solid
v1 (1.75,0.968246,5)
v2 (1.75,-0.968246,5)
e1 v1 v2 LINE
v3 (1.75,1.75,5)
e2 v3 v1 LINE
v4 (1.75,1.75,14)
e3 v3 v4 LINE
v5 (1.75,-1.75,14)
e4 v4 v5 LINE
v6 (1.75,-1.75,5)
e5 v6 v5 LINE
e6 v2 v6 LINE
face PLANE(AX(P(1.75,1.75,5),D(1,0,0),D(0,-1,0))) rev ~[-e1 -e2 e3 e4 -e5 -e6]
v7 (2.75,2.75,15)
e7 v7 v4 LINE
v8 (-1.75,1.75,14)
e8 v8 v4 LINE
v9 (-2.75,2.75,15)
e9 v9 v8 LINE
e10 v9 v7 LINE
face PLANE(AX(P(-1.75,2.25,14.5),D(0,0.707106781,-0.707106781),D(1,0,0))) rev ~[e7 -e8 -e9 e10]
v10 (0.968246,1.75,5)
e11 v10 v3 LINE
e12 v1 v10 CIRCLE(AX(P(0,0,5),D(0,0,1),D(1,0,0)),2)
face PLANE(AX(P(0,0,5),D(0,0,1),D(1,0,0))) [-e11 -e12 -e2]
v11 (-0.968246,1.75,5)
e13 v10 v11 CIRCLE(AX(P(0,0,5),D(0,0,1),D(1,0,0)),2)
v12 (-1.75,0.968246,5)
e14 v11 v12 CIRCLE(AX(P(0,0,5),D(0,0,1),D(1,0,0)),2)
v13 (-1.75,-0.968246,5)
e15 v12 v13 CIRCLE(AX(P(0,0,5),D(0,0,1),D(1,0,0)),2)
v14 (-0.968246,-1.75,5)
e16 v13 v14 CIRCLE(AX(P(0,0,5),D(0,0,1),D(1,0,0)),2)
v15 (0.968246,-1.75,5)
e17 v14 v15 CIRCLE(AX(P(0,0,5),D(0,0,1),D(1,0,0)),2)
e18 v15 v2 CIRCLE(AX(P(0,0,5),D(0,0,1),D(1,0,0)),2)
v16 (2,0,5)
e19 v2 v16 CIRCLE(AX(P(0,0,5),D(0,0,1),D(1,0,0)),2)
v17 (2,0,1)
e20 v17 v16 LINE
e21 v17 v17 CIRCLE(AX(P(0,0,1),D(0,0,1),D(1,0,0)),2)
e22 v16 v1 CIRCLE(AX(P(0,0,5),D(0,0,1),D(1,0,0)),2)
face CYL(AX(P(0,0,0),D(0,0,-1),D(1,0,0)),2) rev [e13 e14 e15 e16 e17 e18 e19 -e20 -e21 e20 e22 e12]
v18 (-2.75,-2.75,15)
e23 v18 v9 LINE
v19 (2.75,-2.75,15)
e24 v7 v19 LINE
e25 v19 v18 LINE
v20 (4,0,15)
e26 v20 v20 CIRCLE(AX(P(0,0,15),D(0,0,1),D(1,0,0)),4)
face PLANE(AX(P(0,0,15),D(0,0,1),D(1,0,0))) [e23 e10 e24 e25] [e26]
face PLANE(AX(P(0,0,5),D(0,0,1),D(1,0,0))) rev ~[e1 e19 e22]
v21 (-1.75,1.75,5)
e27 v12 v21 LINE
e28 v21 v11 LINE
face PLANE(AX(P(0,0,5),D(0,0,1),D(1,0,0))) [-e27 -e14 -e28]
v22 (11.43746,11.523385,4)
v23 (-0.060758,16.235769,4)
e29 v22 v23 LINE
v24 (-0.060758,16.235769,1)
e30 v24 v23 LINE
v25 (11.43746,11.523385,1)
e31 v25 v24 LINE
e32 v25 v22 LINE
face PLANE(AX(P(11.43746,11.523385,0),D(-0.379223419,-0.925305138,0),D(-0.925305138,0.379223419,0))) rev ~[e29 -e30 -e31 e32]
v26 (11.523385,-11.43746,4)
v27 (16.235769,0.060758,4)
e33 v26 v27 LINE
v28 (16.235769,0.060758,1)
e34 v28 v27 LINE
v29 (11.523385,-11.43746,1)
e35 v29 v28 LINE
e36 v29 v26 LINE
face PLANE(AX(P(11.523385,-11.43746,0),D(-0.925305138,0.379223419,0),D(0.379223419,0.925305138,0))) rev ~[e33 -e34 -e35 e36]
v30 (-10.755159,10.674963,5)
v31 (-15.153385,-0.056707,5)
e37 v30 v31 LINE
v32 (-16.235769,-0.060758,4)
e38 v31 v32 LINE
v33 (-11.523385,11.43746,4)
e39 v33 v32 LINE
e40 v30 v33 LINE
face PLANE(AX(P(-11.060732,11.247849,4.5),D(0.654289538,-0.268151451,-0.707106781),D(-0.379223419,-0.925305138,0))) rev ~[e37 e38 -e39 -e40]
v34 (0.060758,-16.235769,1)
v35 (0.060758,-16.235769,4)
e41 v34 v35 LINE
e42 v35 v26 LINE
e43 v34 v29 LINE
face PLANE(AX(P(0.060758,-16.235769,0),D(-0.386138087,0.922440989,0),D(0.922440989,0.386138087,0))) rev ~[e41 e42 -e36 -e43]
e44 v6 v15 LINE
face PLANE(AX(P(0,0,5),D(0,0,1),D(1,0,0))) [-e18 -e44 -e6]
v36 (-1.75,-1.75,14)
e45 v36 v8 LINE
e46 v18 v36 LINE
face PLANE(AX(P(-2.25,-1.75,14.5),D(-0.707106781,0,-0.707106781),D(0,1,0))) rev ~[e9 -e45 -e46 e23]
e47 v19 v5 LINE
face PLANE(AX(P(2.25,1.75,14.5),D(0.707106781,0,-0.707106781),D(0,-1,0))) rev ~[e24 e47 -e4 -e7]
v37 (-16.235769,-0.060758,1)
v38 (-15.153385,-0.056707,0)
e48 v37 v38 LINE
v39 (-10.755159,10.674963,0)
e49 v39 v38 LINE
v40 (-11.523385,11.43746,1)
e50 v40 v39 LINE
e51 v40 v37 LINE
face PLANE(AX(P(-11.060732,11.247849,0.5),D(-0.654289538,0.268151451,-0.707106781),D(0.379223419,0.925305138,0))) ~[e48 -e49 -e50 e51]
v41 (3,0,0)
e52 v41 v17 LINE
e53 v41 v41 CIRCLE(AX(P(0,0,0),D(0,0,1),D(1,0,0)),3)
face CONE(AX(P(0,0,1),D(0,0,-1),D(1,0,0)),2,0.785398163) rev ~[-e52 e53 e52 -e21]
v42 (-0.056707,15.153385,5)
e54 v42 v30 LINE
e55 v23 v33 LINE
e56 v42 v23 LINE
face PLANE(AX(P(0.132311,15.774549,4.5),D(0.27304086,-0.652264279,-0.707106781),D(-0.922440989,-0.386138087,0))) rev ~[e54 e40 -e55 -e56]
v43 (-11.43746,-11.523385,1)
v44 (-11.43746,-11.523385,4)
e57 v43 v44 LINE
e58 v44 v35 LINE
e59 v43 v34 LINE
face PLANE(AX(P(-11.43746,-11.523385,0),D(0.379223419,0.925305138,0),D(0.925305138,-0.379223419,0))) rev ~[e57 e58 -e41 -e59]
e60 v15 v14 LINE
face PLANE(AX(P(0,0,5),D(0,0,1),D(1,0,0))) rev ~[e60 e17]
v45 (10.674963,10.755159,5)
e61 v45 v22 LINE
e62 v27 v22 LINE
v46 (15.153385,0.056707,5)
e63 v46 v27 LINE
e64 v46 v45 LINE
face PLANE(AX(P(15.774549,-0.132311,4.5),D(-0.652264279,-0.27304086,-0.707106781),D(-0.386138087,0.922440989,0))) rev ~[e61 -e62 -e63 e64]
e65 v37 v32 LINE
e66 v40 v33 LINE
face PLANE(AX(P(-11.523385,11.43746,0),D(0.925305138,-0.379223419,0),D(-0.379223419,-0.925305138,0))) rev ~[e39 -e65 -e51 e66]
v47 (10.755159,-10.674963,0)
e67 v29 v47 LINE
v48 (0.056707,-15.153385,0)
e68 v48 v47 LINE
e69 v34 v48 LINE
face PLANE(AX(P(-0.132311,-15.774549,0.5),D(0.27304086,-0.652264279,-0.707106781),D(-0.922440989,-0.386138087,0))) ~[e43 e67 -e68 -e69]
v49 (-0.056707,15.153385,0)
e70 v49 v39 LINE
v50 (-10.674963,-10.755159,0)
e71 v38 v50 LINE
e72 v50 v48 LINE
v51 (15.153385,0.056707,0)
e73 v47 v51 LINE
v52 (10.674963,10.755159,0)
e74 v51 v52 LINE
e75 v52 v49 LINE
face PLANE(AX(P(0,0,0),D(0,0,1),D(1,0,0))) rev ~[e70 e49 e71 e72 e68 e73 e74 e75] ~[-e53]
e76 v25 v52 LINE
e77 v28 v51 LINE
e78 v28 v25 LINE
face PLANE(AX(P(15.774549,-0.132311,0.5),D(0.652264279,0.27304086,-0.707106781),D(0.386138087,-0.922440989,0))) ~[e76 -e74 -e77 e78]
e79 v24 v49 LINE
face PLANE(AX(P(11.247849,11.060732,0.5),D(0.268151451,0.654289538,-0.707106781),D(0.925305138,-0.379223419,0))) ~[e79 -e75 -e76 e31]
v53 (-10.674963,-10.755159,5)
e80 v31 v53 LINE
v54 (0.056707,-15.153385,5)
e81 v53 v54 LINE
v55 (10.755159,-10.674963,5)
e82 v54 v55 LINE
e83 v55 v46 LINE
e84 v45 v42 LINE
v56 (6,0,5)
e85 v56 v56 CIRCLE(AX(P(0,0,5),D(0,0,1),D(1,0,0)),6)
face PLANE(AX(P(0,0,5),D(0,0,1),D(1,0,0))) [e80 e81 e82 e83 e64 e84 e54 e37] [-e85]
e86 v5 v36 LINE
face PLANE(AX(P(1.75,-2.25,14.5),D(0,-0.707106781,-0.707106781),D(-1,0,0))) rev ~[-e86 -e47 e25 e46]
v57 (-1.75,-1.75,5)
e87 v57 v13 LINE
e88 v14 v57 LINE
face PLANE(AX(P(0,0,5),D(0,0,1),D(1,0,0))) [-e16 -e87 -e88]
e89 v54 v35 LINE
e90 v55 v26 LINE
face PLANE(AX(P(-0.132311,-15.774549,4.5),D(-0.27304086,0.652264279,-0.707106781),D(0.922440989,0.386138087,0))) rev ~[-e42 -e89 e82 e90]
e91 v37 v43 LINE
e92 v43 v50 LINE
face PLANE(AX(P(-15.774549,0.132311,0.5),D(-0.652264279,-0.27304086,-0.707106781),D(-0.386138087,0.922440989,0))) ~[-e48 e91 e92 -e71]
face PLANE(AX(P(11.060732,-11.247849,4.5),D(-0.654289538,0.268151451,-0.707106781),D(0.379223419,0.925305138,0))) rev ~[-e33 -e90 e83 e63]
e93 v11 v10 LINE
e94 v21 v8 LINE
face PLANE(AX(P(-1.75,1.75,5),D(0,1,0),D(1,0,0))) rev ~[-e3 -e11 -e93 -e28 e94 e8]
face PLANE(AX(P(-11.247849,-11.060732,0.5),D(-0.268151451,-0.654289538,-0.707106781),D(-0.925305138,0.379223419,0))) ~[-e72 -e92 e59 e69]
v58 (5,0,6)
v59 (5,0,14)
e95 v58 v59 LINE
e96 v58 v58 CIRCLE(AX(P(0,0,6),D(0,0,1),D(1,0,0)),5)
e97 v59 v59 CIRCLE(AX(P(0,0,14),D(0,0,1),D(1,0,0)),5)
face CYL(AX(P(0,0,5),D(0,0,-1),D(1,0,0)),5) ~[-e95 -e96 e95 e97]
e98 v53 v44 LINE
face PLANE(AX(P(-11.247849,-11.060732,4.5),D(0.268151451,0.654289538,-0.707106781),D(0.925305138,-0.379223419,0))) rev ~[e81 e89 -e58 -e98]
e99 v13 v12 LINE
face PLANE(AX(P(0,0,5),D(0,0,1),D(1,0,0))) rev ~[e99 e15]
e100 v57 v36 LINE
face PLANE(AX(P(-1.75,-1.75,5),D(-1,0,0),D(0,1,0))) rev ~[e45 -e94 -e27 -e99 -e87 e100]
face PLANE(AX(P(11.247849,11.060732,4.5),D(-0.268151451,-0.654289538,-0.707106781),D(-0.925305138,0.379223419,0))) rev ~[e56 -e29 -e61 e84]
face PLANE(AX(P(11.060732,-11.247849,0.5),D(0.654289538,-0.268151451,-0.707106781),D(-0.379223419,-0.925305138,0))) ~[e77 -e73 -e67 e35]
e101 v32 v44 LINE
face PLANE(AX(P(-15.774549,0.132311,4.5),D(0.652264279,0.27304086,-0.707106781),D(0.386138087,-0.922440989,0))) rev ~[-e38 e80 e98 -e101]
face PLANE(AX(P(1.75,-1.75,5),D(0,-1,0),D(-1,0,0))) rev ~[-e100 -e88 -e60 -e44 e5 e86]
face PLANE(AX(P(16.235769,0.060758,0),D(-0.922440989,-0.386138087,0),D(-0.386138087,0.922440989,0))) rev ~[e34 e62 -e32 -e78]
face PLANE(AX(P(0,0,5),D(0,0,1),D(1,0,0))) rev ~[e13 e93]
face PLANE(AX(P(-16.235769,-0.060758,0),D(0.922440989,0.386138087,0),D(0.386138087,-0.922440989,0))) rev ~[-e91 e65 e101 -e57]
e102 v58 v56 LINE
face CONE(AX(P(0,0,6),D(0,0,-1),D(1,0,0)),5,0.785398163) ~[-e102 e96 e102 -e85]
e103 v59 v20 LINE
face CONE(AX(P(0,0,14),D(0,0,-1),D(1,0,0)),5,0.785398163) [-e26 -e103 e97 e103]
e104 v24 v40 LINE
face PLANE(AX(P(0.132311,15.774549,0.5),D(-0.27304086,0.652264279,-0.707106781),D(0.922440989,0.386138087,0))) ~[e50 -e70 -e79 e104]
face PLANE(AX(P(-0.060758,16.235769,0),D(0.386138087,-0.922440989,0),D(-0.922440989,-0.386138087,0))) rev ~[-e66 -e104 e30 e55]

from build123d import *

# Parameters (mm, degrees)
F0_R     = 2
F1_DEPTH = 5
F2_R     = 5
F3_DEPTH = 10
F4_SIZE  = 1


with BuildPart() as f1:
    # F0 (on Top) → F1 (new body)
    with BuildSketch(Plane.XY):
        Polygon((16.2357693204, 0.0607577779), (11.4374603474, 11.523384821), (-0.0607577779, 16.2357693204), (-11.523384821, 11.4374603474), (-16.2357693204, -0.0607577779), (-11.4374603474, -11.523384821), (0.0607577779, -16.2357693204), (11.523384821, -11.4374603474), align=None)
        Circle(F0_R, mode=Mode.SUBTRACT)
    extrude(amount=F1_DEPTH)

    # F2 (on face) → F3 (join)
    with BuildSketch(Plane.XY.offset(5)):
        Circle(F2_R)
        with BuildLine():
            Line((0.9682458366, 1.75), (1.75, 1.75))
            Line((1.75, 1.75), (1.75, 0.9682458366))
            ThreePointArc((1.75, 0.9682458366), (1.9364916731, 0.5), (2, 0))
            ThreePointArc((2, 0), (1.9364916731, -0.5), (1.75, -0.9682458366))
            Line((1.75, -0.9682458366), (1.75, -1.75))
            Line((1.75, -1.75), (0.9682458366, -1.75))
            ThreePointArc((0.9682458366, -1.75), (0, -2), (-0.9682458366, -1.75))
            Line((-0.9682458366, -1.75), (-1.75, -1.75))
            Line((-1.75, -1.75), (-1.75, -0.9682458366))
            ThreePointArc((-1.75, -0.9682458366), (-2, 0), (-1.75, 0.9682458366))
            Line((-1.75, 0.9682458366), (-1.75, 1.75))
            Line((-1.75, 1.75), (-0.9682458366, 1.75))
            ThreePointArc((-0.9682458366, 1.75), (0, 2), (0.9682458366, 1.75))
        make_face(mode=Mode.SUBTRACT)
        with BuildLine():
            Line((-0.9682458366, 1.75), (0.9682458366, 1.75))
            ThreePointArc((0.9682458366, 1.75), (0, 2), (-0.9682458366, 1.75))
        make_face()
        with BuildLine():
            ThreePointArc((2, 0), (1.9364916731, 0.5), (1.75, 0.9682458366))
            Line((1.75, 0.9682458366), (1.75, -0.9682458366))
            ThreePointArc((1.75, -0.9682458366), (1.9364916731, -0.5), (2, 0))
        make_face()
        with BuildLine():
            ThreePointArc((-0.9682458366, -1.75), (0, -2), (0.9682458366, -1.75))
            Line((0.9682458366, -1.75), (-0.9682458366, -1.75))
        make_face()
        with BuildLine():
            Line((-1.75, -0.9682458366), (-1.75, 0.9682458366))
            ThreePointArc((-1.75, 0.9682458366), (-2, 0), (-1.75, -0.9682458366))
        make_face()
    extrude(amount=F3_DEPTH)

    # F4
    f4_edges = [f1.edges().sort_by_distance(p)[0] for p in [
        (-5, 0, 15),
        (0, 1.75, 15),
        (1.75, 0, 15),
        (0, -1.75, 15),
        (-1.75, 0, 15),
        (-5, 0, 5),
        (13.879577, -5.688351, 5),
        (13.836615, 5.792071, 5),
        (5.792071, -13.836615, 5),
        (-5.688351, -13.879577, 5),
        (5.688351, 13.879577, 5),
        (-13.836615, -5.792071, 5),
        (-5.792071, 13.836615, 5),
        (-13.879577, 5.688351, 5),
        (13.879577, -5.688351, 0),
        (13.836615, 5.792071, 0),
        (5.688351, 13.879577, 0),
        (-5.792071, 13.836615, 0),
        (-13.879577, 5.688351, 0),
        (-13.836615, -5.792071, 0),
        (-5.688351, -13.879577, 0),
        (5.792071, -13.836615, 0),
        (-2, 0, 0),
    ]]
    chamfer(f4_edges, length=F4_SIZE)


solid = f1.part
